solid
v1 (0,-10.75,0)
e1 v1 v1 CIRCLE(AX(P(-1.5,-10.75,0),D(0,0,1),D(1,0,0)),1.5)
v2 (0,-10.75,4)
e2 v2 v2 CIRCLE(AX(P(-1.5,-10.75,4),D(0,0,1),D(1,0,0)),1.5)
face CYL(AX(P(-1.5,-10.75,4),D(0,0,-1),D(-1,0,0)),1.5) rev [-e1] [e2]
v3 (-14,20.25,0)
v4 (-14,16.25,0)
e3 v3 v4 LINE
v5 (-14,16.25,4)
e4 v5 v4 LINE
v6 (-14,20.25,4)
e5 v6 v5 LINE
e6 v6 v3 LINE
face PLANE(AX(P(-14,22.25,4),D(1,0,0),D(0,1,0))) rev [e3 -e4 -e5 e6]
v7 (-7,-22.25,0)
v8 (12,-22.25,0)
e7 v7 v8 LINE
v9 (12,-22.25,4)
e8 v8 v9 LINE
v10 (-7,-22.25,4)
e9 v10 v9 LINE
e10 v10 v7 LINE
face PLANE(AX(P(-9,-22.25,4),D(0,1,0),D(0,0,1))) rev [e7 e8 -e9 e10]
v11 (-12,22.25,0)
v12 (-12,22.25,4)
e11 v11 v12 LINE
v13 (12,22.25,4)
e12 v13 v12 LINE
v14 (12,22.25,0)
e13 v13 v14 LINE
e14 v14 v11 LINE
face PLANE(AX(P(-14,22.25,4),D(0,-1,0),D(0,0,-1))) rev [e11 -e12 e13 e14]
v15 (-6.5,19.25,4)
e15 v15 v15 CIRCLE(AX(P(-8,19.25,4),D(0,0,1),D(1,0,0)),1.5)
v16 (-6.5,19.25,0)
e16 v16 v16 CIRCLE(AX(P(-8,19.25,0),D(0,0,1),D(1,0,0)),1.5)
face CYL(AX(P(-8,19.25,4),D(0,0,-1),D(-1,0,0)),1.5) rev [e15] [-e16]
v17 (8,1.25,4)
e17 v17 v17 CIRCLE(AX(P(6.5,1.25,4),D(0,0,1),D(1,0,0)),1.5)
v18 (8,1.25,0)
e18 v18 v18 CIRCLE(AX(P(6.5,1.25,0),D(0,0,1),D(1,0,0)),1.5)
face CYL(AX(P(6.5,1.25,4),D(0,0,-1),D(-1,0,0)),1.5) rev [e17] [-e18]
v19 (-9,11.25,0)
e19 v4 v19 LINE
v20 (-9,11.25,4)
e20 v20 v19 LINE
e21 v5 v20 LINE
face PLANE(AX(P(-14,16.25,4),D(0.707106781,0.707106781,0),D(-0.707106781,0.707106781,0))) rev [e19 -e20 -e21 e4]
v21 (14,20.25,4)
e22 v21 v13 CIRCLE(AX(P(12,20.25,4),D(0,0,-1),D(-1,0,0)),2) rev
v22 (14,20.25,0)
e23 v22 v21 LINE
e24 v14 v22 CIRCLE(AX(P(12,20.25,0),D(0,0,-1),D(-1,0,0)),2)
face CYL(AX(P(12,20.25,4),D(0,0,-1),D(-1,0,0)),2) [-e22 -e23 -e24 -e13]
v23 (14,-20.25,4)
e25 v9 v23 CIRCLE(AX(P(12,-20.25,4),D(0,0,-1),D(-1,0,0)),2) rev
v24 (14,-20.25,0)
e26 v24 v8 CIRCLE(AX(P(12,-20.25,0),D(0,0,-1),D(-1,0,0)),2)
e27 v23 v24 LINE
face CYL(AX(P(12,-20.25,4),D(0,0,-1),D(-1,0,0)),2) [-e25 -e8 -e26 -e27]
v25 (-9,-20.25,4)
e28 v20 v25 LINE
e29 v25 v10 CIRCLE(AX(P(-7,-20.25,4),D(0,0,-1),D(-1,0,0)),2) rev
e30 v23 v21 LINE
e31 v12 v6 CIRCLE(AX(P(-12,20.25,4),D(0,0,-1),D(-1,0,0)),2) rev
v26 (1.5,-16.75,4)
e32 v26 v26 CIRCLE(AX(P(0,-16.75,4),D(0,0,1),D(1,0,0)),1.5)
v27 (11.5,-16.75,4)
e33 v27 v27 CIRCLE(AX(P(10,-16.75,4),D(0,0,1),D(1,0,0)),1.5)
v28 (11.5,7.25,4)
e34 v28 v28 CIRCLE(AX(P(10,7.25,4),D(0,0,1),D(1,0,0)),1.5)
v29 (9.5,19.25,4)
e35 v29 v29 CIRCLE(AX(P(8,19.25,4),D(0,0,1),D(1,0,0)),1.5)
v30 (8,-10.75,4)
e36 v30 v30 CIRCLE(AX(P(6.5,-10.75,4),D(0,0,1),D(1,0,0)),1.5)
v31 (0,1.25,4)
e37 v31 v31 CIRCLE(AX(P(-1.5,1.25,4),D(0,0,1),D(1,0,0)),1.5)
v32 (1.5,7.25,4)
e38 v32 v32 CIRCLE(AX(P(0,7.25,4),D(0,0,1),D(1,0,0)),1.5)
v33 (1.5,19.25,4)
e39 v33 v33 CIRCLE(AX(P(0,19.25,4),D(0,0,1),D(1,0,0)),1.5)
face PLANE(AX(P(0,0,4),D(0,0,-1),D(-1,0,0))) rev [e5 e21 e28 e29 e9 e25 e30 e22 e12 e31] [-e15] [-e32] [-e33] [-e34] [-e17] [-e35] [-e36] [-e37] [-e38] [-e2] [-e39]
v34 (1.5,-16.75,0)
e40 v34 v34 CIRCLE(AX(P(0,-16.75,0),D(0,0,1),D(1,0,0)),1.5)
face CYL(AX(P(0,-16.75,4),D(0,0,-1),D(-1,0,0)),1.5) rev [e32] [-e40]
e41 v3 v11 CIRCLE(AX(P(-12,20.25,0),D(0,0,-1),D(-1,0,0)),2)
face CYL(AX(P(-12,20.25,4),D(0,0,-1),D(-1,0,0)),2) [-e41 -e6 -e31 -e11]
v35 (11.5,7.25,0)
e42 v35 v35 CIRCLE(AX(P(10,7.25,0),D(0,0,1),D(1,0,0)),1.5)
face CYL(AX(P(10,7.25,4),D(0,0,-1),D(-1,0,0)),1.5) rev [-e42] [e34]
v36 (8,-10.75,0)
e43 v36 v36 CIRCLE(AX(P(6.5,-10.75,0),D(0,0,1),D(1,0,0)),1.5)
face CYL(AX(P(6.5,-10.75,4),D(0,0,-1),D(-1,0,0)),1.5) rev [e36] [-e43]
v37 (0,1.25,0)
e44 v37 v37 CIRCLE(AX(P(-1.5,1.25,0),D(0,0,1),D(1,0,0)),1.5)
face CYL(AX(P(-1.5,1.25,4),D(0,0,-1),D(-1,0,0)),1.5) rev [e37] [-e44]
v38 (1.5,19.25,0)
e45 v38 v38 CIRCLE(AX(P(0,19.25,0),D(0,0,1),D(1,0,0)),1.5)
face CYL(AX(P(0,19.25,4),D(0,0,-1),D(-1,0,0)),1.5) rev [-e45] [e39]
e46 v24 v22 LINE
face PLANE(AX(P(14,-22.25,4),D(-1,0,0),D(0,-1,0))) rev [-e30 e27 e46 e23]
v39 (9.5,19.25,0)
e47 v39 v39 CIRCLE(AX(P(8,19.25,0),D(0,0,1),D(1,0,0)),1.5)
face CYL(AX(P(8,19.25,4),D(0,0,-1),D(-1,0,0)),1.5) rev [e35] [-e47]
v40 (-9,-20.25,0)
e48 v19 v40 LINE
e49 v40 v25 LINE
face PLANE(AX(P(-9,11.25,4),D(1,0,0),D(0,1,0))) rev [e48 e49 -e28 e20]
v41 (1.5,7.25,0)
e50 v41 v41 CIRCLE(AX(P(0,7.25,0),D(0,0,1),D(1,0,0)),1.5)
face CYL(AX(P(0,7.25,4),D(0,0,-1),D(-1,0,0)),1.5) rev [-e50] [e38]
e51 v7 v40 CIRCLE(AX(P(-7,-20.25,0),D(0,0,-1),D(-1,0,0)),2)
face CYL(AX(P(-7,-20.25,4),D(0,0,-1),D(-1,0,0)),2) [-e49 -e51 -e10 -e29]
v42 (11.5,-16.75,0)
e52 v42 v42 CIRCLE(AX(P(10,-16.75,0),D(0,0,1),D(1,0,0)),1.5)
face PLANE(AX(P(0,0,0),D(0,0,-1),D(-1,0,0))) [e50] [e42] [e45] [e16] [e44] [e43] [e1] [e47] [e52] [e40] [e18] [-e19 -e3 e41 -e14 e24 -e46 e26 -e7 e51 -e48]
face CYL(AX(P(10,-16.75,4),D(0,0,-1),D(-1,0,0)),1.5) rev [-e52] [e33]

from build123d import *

# Parameters (mm, degrees)
SKETCH_2_R      = 1.5
EXTRUDE_1_DEPTH = 4
FILLET_1_R      = 2


with BuildPart() as part:
    # 草图2 → 凸台-拉伸1 (new body)
    with BuildSketch(Plane.XY):
        Polygon((-14, 22.25), (14, 22.25), (14, -22.25), (-9, -22.25), (-9, 11.25), (-14, 16.25), align=None)
        with Locations((0, 7.25)):
            Circle(SKETCH_2_R, mode=Mode.SUBTRACT)
        with Locations((-1.5, 1.25)):
            Circle(SKETCH_2_R, mode=Mode.SUBTRACT)
        with Locations((6.5, 1.25)):
            Circle(SKETCH_2_R, mode=Mode.SUBTRACT)
        with Locations((-1.5, -10.75)):
            Circle(SKETCH_2_R, mode=Mode.SUBTRACT)
        with Locations((6.5, -10.75)):
            Circle(SKETCH_2_R, mode=Mode.SUBTRACT)
        with Locations((10, 7.25)):
            Circle(SKETCH_2_R, mode=Mode.SUBTRACT)
        with Locations((0, -16.75)):
            Circle(SKETCH_2_R, mode=Mode.SUBTRACT)
        with Locations((10, -16.75)):
            Circle(SKETCH_2_R, mode=Mode.SUBTRACT)
        with Locations((8, 19.25)):
            Circle(SKETCH_2_R, mode=Mode.SUBTRACT)
        with Locations((0, 19.25)):
            Circle(SKETCH_2_R, mode=Mode.SUBTRACT)
        with Locations((-8, 19.25)):
            Circle(SKETCH_2_R, mode=Mode.SUBTRACT)
    extrude(amount=EXTRUDE_1_DEPTH)

    # 圆角1
    fillet_1_edges = [part.edges().sort_by_distance(p)[0] for p in [
        (14, -22.25, 2),
        (-9, -22.25, 2),
        (-14, 22.25, 2),
        (14, 22.25, 2),
    ]]
    fillet(fillet_1_edges, radius=FILLET_1_R)


solid = part.part
